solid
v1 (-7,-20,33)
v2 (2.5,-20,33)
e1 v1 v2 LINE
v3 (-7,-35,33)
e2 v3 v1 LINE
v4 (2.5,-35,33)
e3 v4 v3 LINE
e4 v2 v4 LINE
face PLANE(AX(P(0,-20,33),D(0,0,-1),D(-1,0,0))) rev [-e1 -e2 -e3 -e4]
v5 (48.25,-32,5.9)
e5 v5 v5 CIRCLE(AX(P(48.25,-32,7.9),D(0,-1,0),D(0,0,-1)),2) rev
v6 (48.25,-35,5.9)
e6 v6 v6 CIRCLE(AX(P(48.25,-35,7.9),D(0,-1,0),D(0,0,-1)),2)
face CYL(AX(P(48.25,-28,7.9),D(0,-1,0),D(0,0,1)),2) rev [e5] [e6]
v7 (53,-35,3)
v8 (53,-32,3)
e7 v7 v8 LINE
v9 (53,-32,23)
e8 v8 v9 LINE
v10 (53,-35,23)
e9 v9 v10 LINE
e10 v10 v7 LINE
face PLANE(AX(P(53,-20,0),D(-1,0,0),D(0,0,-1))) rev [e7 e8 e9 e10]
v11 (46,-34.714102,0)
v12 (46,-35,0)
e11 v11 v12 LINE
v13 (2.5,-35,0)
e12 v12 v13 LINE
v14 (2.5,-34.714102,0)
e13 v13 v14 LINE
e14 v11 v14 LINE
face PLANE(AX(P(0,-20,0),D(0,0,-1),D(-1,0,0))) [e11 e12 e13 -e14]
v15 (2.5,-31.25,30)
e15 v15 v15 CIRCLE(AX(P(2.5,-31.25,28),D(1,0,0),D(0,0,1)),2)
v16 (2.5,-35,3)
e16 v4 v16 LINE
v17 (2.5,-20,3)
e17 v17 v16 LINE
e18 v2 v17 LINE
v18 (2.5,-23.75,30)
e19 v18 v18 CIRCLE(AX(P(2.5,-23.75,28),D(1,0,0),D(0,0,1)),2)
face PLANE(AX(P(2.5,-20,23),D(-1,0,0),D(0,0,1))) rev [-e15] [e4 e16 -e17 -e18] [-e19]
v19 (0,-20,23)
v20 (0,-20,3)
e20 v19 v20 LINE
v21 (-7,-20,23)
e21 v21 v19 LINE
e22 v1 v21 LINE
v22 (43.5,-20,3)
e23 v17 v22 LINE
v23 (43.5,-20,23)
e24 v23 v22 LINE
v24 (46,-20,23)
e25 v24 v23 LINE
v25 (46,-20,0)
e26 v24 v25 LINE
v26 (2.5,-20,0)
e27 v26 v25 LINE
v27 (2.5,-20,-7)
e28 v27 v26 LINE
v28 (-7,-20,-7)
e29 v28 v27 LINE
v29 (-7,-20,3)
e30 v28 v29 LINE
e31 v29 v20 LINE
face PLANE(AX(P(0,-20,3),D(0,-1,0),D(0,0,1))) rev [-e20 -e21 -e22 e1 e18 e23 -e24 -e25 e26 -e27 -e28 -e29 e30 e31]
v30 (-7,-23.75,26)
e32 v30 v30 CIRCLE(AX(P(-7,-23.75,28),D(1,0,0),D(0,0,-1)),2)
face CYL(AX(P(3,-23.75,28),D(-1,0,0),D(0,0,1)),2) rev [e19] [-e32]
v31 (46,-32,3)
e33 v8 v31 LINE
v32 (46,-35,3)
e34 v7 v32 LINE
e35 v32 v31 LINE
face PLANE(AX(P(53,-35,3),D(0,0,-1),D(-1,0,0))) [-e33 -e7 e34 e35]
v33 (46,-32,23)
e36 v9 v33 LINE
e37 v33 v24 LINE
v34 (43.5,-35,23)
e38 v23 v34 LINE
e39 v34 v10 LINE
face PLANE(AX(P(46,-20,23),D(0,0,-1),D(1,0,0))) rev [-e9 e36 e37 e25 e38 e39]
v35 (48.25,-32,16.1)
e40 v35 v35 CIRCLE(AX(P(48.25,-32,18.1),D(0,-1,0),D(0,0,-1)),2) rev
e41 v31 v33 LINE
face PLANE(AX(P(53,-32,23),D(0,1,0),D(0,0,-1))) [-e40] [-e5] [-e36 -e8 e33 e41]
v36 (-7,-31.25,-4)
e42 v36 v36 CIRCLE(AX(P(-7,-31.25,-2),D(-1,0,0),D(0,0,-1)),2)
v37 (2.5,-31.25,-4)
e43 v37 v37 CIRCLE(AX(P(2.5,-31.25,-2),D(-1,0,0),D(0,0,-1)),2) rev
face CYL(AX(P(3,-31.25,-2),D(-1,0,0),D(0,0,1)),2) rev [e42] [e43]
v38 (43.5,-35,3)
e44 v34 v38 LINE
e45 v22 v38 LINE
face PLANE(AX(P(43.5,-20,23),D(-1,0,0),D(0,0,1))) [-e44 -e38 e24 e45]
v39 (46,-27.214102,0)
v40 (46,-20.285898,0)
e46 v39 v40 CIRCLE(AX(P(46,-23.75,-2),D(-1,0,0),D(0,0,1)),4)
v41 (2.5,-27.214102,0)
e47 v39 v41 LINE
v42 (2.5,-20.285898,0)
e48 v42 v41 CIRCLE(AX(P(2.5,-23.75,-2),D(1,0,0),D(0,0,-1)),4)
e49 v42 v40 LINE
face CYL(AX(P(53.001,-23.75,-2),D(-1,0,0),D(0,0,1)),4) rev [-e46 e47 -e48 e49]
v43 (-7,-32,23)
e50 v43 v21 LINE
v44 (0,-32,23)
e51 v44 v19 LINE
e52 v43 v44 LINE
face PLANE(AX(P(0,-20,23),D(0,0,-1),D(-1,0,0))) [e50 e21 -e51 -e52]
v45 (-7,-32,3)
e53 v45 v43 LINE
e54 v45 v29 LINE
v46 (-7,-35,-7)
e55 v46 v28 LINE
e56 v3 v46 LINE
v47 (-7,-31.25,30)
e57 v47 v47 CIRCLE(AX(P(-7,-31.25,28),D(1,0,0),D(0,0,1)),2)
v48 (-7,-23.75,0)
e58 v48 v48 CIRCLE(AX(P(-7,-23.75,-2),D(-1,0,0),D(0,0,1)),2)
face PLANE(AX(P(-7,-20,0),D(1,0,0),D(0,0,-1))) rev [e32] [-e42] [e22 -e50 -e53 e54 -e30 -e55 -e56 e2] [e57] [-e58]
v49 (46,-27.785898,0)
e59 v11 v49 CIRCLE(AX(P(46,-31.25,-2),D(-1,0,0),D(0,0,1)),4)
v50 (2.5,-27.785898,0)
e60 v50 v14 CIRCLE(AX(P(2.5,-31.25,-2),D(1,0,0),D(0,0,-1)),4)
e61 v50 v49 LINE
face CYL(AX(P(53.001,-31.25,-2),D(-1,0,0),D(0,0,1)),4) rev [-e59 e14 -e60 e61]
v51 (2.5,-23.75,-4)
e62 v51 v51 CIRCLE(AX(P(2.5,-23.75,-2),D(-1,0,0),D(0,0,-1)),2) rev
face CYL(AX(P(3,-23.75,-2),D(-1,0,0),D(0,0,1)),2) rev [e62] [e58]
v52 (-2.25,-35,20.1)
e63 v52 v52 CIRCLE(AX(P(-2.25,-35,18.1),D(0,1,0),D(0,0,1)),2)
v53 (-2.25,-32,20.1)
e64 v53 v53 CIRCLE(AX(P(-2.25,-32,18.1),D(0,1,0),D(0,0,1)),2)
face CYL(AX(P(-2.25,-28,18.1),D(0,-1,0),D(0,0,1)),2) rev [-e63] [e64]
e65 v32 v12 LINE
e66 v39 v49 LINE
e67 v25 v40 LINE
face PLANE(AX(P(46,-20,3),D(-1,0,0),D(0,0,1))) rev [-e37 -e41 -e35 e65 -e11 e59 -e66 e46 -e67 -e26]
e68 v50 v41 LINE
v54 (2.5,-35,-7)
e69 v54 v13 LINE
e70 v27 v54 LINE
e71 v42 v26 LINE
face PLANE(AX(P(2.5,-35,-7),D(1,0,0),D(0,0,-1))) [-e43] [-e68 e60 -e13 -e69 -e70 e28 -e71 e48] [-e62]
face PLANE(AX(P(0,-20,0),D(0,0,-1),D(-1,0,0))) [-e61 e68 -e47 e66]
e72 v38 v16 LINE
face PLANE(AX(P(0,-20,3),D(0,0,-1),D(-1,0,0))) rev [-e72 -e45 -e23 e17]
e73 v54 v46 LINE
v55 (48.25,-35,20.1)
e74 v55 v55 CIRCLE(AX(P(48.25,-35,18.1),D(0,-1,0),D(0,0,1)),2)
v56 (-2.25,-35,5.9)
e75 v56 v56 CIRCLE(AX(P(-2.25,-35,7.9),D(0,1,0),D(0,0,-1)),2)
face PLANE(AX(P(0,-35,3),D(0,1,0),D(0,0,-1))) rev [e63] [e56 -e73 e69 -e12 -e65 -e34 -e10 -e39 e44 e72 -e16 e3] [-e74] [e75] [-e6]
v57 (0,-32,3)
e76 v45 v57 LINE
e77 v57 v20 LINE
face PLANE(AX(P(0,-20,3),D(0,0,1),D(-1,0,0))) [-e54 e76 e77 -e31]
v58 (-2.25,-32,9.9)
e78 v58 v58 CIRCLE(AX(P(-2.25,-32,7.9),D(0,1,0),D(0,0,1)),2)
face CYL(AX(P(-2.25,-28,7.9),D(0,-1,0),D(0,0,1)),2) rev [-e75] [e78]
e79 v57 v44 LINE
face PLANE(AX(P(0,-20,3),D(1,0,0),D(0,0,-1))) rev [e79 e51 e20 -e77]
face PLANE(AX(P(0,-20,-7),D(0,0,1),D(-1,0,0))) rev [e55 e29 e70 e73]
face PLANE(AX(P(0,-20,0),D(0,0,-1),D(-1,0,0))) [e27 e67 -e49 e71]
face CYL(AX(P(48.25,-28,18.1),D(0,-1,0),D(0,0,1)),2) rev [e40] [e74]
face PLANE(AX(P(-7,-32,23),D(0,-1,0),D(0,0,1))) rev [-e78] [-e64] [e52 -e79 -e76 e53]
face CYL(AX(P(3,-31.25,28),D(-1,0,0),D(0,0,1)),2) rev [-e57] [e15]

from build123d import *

# Parameters (mm, degrees)
SKETCH1_W           = 46
SKETCH1_H           = 15
BOSS_EXTRUDE1_DEPTH = 3
SKETCH3_W           = 2.5
SKETCH3_H           = 15
BOSS_EXTRUDE2_DEPTH = 20
SKETCH4_W           = 20
SKETCH4_H           = 3
BOSS_EXTRUDE3_DEPTH = 7
SKETCH5_R           = 2
CUT_EXTRUDE1_DEPTH  = 7
SKETCH7_W           = 9.5
SKETCH7_H           = 15
BOSS_EXTRUDE4_DEPTH = 10
SKETCH8_R           = 2
CUT_EXTRUDE2_DEPTH  = 10
CUT_EXTRUDE3_DEPTH  = 43.5


with BuildPart() as part:
    # Sketch1 → Boss-Extrude1 (new body)
    with BuildSketch(Plane.XY):
        with Locations((23, 7.5)):
            Rectangle(SKETCH1_W, SKETCH1_H)
    extrude(amount=BOSS_EXTRUDE1_DEPTH)

    # Sketch3 → Boss-Extrude2 (add)
    with BuildSketch(Plane.XY.offset(3)):
        with Locations((1.25, 7.5)):
            Rectangle(SKETCH3_W, SKETCH3_H)
    boss_extrude2 = extrude(amount=BOSS_EXTRUDE2_DEPTH)

    # Sketch4 → Boss-Extrude3 (add)
    with BuildSketch(Plane.ZY):
        with Locations((13, 13.5)):
            Rectangle(SKETCH4_W, SKETCH4_H)
    boss_extrude3 = extrude(amount=BOSS_EXTRUDE3_DEPTH)

    # Sketch5 → Cut-Extrude1 (cut)
    with BuildSketch(Plane(origin=(0, 15, 0), x_dir=(1, 0, 0), z_dir=(0, 1, 0))):
        with Locations(Location((-2.25, -18.1, 0), (0, 0, 270))):
            Circle(SKETCH5_R)
        with Locations(Location((-2.25, -7.9, 0), (0, 0, 270))):
            Circle(SKETCH5_R)
    cut_extrude1 = extrude(amount=-CUT_EXTRUDE1_DEPTH, mode=Mode.SUBTRACT)

    # Mirror1: Boss-Extrude2, Boss-Extrude3, Cut-Extrude1 across plane
    add(boss_extrude2.mirror(Plane(origin=(23, 0, 0), x_dir=(0, 0, 1), z_dir=(1, 0, 0))))
    add(boss_extrude3.mirror(Plane(origin=(23, 0, 0), x_dir=(0, 0, 1), z_dir=(1, 0, 0))))
    add(cut_extrude1.mirror(Plane(origin=(23, 0, 0), x_dir=(0, 0, 1), z_dir=(1, 0, 0))), mode=Mode.SUBTRACT)

    # Sketch7 → Boss-Extrude4 (add)
    with BuildSketch(Plane.XY.offset(23)):
        with Locations((-2.25, 7.5)):
            Rectangle(SKETCH7_W, SKETCH7_H)
    boss_extrude4 = extrude(amount=BOSS_EXTRUDE4_DEPTH)

    # Sketch8 → Cut-Extrude2 (cut)
    with BuildSketch(Plane.ZY.offset(7)):
        with Locations((28, 11.25)):
            Circle(SKETCH8_R)
        with Locations((28, 3.75)):
            Circle(SKETCH8_R)
    cut_extrude2 = extrude(amount=-CUT_EXTRUDE2_DEPTH, mode=Mode.SUBTRACT)

    # Mirror4: Boss-Extrude4, Cut-Extrude2 across plane
    add(boss_extrude4.mirror(Plane.XY.offset(13)))
    add(cut_extrude2.mirror(Plane.XY.offset(13)), mode=Mode.SUBTRACT)


with BuildPart() as body_2:
    # Mirror6: mirrored copy
    add(part.part.mirror(Plane.ZX.offset(-10)))

    # Sketch10 → Cut-Extrude3 (cut)
    with BuildSketch(Plane(origin=(2.5, 0, 0), x_dir=(0, 0, -1), z_dir=(1, 0, 0))):
        with BuildLine():
            ThreePointArc((3.391941091, -27.5), (2, -19.75), (0.608058909, -27.5))
            ThreePointArc((0.608058909, -27.5), (2, -35.25), (3.391941091, -27.5))
        make_face()
    extrude(amount=CUT_EXTRUDE3_DEPTH, mode=Mode.SUBTRACT)


solid = body_2.part
